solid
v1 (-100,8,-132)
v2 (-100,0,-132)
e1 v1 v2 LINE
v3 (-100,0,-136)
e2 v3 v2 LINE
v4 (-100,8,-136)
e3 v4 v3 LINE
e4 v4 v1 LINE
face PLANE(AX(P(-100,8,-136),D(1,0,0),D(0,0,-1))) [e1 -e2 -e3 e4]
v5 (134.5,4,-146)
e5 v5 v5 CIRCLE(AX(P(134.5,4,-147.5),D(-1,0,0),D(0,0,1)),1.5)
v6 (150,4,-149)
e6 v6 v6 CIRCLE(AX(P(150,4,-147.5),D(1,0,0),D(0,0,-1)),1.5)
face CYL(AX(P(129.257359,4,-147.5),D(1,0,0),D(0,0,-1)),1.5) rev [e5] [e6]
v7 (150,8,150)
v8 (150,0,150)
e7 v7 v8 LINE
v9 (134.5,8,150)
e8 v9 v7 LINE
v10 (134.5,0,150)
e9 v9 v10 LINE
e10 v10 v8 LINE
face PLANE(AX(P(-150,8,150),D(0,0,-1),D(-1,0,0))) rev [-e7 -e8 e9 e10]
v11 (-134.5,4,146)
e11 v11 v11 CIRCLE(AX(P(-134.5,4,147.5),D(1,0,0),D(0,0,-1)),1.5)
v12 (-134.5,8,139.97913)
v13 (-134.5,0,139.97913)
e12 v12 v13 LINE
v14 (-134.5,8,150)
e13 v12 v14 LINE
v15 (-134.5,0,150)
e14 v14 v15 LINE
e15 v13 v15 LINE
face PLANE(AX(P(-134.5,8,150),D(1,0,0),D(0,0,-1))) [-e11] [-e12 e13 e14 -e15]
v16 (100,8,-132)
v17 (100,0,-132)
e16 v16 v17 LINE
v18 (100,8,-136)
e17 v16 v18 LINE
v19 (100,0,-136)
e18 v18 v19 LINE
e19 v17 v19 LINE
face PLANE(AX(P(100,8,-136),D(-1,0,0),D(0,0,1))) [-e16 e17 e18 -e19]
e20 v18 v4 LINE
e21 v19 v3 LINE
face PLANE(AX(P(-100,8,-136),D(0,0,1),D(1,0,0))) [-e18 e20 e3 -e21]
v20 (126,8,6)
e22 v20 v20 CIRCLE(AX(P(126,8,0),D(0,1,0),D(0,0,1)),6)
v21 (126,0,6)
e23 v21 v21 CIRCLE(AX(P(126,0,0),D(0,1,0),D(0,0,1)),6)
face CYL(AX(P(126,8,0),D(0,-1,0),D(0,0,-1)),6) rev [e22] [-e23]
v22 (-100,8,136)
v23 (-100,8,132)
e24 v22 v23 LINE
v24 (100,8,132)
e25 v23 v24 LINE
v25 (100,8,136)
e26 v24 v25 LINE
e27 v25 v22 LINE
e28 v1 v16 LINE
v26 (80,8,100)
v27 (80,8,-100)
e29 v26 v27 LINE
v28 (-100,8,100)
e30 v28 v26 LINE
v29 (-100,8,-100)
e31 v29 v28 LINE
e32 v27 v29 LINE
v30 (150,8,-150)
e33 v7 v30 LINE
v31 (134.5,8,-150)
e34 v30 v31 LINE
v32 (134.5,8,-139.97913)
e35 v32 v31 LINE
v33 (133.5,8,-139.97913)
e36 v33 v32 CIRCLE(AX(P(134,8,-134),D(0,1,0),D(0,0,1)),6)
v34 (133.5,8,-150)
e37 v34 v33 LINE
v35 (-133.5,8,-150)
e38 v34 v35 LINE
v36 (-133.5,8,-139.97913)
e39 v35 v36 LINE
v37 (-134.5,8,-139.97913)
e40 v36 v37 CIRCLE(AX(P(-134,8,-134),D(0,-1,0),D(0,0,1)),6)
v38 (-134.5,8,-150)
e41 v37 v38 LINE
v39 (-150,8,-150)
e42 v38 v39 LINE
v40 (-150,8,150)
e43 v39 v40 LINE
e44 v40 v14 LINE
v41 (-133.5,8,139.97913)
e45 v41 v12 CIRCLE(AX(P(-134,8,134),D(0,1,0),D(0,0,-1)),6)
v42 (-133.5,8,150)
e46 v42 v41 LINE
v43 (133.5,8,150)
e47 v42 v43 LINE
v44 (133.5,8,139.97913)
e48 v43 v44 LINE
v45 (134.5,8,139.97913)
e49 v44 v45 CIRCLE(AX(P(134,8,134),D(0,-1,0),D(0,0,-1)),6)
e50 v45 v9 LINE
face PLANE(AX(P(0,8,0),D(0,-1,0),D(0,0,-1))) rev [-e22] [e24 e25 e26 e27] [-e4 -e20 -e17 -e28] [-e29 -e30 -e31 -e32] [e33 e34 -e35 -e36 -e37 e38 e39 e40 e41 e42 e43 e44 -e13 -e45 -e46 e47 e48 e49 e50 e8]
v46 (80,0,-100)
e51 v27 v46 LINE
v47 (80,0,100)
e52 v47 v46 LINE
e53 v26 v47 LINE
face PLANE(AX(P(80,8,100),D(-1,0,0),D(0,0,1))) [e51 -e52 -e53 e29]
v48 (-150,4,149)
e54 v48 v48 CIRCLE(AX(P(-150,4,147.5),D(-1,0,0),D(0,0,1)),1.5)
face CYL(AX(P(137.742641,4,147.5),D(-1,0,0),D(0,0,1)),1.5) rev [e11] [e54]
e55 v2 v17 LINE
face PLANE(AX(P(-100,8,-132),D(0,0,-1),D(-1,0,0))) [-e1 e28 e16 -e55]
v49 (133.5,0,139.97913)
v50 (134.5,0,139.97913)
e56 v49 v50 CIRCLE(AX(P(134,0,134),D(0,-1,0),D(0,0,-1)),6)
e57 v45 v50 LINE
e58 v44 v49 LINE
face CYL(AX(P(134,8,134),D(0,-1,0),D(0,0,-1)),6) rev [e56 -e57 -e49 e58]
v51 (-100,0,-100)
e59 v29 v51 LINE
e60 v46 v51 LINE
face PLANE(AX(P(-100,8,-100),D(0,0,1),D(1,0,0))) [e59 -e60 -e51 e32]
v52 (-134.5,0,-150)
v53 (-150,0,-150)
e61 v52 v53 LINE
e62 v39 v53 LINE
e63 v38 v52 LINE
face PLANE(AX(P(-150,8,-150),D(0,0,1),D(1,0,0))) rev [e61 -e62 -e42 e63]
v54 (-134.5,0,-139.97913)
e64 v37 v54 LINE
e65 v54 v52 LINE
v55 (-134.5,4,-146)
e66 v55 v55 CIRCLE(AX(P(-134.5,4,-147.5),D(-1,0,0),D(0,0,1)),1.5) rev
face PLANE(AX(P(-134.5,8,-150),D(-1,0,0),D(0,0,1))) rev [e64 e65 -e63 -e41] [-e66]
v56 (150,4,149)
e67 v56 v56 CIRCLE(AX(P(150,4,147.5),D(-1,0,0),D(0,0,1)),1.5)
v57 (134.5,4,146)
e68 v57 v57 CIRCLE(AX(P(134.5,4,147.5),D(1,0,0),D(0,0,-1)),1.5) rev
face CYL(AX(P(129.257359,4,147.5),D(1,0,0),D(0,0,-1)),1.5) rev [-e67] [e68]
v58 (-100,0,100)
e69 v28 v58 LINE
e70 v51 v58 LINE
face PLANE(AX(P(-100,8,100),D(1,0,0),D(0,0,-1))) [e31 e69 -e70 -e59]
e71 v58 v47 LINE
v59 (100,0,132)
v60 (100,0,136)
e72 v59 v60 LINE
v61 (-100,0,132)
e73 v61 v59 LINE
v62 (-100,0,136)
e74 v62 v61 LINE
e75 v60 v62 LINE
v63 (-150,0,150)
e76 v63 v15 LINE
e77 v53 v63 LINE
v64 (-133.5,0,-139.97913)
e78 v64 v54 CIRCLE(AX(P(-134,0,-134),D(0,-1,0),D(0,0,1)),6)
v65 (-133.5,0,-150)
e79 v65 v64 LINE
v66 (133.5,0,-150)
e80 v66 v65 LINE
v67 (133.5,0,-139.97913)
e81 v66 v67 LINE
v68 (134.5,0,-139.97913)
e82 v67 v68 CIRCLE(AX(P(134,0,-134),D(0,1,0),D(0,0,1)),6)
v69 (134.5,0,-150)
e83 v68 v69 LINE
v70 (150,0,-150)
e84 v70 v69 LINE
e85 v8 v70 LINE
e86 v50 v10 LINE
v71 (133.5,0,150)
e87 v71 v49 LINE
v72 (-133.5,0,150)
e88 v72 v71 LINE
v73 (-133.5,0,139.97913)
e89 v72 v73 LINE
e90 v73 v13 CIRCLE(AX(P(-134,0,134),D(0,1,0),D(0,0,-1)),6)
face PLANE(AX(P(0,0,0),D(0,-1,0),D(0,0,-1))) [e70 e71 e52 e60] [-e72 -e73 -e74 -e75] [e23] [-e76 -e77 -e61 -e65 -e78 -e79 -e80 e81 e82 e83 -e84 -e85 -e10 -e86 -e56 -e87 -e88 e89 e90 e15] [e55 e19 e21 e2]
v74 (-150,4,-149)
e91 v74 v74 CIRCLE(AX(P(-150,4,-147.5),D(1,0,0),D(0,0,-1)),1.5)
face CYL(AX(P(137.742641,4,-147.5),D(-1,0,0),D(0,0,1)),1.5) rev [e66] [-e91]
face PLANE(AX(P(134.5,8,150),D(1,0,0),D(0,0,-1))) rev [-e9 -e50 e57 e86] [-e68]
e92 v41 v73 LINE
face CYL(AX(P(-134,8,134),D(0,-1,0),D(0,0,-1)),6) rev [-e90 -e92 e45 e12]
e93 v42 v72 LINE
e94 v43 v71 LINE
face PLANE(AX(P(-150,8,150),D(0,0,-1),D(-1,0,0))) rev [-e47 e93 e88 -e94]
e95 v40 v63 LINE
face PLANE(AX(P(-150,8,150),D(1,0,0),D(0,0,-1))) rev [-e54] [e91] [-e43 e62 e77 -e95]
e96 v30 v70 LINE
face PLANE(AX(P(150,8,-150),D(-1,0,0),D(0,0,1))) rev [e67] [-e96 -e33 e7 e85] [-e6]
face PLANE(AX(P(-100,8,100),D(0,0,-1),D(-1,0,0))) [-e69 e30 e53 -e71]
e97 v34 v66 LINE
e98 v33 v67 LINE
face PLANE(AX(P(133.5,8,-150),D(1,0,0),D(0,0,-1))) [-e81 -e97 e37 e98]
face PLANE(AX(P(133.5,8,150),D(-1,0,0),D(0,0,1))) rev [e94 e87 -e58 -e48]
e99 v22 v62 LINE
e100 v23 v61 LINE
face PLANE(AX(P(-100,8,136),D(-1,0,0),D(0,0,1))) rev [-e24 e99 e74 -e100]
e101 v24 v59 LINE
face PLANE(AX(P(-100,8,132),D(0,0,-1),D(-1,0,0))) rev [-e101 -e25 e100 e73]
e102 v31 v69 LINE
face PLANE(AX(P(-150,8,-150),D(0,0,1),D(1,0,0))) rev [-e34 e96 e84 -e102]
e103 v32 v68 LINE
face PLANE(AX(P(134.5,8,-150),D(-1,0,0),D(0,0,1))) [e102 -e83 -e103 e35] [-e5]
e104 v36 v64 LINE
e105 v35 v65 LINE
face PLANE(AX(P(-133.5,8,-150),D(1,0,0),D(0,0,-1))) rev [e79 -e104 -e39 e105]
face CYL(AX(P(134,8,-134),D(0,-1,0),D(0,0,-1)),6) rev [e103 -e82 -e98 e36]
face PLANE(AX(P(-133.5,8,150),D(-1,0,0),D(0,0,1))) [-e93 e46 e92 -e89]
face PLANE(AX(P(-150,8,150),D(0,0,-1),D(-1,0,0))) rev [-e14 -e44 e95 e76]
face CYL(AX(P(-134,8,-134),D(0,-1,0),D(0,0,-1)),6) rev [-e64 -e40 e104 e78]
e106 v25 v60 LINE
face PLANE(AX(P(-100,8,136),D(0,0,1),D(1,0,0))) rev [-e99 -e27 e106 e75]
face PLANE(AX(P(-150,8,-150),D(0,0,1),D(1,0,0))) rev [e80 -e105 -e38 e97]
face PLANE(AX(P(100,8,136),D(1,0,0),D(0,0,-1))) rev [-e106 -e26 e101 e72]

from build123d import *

# Parameters (mm, degrees)
SKETCH1_W               = 300
SKETCH1_H               = 300
SKETCH1_W_2             = 180
SKETCH1_H_2             = 200
BOSS_EXTRUDE1_DEPTH     = 8
CUT_EXTRUDE1_DEPTH      = 213.282830205
SKETCH3_R               = 1.5
CUT_EXTRUDE2_DEPTH      = 16.5
SKETCH4_R               = 6
CUT_EXTRUDE4_DEPTH      = 213.282830205
MIRROR4_COPY_1_DEPTH    = 213.282830205
MIRROR4_COPY_2_SKETCH_R = 1.5
MIRROR4_COPY_2_DEPTH    = 16.5
SKETCH5_W               = 200
SKETCH5_H               = 4
CUT_EXTRUDE5_DEPTH      = 213.282830205


with BuildPart() as part:
    # Sketch1 → Boss-Extrude1 (new body)
    with BuildSketch(Plane(origin=(0, 0, 0), x_dir=(1, 0, 0), z_dir=(0, 1, 0))):
        Rectangle(SKETCH1_W, SKETCH1_H)
        with Locations((-10, 0)):
            Rectangle(SKETCH1_W_2, SKETCH1_H_2, mode=Mode.SUBTRACT)
    extrude(amount=BOSS_EXTRUDE1_DEPTH)

    # Sketch2 → Cut-Extrude1 (cut, through all)
    with BuildSketch(Plane(origin=(0, 0, 0), x_dir=(1, 0, 0), z_dir=(0, 1, 0))):
        with BuildLine():
            Line((133.5, 150), (134.5, 150))
            Line((134.5, 150), (134.5, 139.979130372))
            ThreePointArc((134.5, 139.979130372), (134, 128), (133.5, 139.979130372))
            Line((133.5, 139.979130372), (133.5, 150))
        make_face()
    cut_extrude1 = extrude(amount=CUT_EXTRUDE1_DEPTH, mode=Mode.SUBTRACT)

    # Sketch3 → Cut-Extrude2 (cut)
    with BuildSketch(Plane(origin=(150, 0, 0), x_dir=(0, 0, -1), z_dir=(1, 0, 0))):
        with Locations((147.5, 4)):
            Circle(SKETCH3_R)
    cut_extrude2 = extrude(amount=-CUT_EXTRUDE2_DEPTH, mode=Mode.SUBTRACT)

    # Mirror3: Cut-Extrude1, Cut-Extrude2 across plane
    add(cut_extrude1.mirror(Plane.XY), mode=Mode.SUBTRACT)
    add(cut_extrude2.mirror(Plane.XY), mode=Mode.SUBTRACT)

    # Sketch4 → Cut-Extrude4 (cut, through all)
    with BuildSketch(Plane(origin=(0, 0, 0), x_dir=(1, 0, 0), z_dir=(0, 1, 0))):
        with Locations(Location((126, 0, 0), (0, 0, 270))):
            Circle(SKETCH4_R)
    extrude(amount=CUT_EXTRUDE4_DEPTH, mode=Mode.SUBTRACT)

    # Mirror4: Cut-Extrude1, Cut-Extrude2 across plane
    add(cut_extrude1.mirror(Plane(origin=(0, 0, 0), x_dir=(0, 0, 1), z_dir=(1, 0, 0))), mode=Mode.SUBTRACT)
    add(cut_extrude2.mirror(Plane(origin=(0, 0, 0), x_dir=(0, 0, 1), z_dir=(1, 0, 0))), mode=Mode.SUBTRACT)

    # Mirror4 copy 1 sketch → Mirror4 copy 1 (cut, through all)
    with BuildSketch(Plane(origin=(0, 0, 0), x_dir=(-1, 0, 0), z_dir=(0, 1, 0))):
        with BuildLine():
            Line((133.5, 150), (134.5, 150))
            Line((134.5, 150), (134.5, 139.979130372))
            ThreePointArc((134.5, 139.979130372), (134, 128), (133.5, 139.979130372))
            Line((133.5, 139.979130372), (133.5, 150))
        make_face()
    extrude(amount=MIRROR4_COPY_1_DEPTH, mode=Mode.SUBTRACT)

    # Mirror4 copy 2 sketch → Mirror4 copy 2 (cut)
    with BuildSketch(Plane.ZY.offset(150)):
        with Locations((147.5, 4)):
            Circle(MIRROR4_COPY_2_SKETCH_R)
    extrude(amount=-MIRROR4_COPY_2_DEPTH, mode=Mode.SUBTRACT)

    # Sketch5 → Cut-Extrude5 (cut, through all)
    with BuildSketch(Plane(origin=(0, 0, 0), x_dir=(1, 0, 0), z_dir=(0, 1, 0))):
        with Locations((0, 134)):
            Rectangle(SKETCH5_W, SKETCH5_H)
    cut_extrude5 = extrude(amount=CUT_EXTRUDE5_DEPTH, mode=Mode.SUBTRACT)

    # Mirror5: Cut-Extrude5 across plane
    add(cut_extrude5.mirror(Plane.XY), mode=Mode.SUBTRACT)


solid = part.part
